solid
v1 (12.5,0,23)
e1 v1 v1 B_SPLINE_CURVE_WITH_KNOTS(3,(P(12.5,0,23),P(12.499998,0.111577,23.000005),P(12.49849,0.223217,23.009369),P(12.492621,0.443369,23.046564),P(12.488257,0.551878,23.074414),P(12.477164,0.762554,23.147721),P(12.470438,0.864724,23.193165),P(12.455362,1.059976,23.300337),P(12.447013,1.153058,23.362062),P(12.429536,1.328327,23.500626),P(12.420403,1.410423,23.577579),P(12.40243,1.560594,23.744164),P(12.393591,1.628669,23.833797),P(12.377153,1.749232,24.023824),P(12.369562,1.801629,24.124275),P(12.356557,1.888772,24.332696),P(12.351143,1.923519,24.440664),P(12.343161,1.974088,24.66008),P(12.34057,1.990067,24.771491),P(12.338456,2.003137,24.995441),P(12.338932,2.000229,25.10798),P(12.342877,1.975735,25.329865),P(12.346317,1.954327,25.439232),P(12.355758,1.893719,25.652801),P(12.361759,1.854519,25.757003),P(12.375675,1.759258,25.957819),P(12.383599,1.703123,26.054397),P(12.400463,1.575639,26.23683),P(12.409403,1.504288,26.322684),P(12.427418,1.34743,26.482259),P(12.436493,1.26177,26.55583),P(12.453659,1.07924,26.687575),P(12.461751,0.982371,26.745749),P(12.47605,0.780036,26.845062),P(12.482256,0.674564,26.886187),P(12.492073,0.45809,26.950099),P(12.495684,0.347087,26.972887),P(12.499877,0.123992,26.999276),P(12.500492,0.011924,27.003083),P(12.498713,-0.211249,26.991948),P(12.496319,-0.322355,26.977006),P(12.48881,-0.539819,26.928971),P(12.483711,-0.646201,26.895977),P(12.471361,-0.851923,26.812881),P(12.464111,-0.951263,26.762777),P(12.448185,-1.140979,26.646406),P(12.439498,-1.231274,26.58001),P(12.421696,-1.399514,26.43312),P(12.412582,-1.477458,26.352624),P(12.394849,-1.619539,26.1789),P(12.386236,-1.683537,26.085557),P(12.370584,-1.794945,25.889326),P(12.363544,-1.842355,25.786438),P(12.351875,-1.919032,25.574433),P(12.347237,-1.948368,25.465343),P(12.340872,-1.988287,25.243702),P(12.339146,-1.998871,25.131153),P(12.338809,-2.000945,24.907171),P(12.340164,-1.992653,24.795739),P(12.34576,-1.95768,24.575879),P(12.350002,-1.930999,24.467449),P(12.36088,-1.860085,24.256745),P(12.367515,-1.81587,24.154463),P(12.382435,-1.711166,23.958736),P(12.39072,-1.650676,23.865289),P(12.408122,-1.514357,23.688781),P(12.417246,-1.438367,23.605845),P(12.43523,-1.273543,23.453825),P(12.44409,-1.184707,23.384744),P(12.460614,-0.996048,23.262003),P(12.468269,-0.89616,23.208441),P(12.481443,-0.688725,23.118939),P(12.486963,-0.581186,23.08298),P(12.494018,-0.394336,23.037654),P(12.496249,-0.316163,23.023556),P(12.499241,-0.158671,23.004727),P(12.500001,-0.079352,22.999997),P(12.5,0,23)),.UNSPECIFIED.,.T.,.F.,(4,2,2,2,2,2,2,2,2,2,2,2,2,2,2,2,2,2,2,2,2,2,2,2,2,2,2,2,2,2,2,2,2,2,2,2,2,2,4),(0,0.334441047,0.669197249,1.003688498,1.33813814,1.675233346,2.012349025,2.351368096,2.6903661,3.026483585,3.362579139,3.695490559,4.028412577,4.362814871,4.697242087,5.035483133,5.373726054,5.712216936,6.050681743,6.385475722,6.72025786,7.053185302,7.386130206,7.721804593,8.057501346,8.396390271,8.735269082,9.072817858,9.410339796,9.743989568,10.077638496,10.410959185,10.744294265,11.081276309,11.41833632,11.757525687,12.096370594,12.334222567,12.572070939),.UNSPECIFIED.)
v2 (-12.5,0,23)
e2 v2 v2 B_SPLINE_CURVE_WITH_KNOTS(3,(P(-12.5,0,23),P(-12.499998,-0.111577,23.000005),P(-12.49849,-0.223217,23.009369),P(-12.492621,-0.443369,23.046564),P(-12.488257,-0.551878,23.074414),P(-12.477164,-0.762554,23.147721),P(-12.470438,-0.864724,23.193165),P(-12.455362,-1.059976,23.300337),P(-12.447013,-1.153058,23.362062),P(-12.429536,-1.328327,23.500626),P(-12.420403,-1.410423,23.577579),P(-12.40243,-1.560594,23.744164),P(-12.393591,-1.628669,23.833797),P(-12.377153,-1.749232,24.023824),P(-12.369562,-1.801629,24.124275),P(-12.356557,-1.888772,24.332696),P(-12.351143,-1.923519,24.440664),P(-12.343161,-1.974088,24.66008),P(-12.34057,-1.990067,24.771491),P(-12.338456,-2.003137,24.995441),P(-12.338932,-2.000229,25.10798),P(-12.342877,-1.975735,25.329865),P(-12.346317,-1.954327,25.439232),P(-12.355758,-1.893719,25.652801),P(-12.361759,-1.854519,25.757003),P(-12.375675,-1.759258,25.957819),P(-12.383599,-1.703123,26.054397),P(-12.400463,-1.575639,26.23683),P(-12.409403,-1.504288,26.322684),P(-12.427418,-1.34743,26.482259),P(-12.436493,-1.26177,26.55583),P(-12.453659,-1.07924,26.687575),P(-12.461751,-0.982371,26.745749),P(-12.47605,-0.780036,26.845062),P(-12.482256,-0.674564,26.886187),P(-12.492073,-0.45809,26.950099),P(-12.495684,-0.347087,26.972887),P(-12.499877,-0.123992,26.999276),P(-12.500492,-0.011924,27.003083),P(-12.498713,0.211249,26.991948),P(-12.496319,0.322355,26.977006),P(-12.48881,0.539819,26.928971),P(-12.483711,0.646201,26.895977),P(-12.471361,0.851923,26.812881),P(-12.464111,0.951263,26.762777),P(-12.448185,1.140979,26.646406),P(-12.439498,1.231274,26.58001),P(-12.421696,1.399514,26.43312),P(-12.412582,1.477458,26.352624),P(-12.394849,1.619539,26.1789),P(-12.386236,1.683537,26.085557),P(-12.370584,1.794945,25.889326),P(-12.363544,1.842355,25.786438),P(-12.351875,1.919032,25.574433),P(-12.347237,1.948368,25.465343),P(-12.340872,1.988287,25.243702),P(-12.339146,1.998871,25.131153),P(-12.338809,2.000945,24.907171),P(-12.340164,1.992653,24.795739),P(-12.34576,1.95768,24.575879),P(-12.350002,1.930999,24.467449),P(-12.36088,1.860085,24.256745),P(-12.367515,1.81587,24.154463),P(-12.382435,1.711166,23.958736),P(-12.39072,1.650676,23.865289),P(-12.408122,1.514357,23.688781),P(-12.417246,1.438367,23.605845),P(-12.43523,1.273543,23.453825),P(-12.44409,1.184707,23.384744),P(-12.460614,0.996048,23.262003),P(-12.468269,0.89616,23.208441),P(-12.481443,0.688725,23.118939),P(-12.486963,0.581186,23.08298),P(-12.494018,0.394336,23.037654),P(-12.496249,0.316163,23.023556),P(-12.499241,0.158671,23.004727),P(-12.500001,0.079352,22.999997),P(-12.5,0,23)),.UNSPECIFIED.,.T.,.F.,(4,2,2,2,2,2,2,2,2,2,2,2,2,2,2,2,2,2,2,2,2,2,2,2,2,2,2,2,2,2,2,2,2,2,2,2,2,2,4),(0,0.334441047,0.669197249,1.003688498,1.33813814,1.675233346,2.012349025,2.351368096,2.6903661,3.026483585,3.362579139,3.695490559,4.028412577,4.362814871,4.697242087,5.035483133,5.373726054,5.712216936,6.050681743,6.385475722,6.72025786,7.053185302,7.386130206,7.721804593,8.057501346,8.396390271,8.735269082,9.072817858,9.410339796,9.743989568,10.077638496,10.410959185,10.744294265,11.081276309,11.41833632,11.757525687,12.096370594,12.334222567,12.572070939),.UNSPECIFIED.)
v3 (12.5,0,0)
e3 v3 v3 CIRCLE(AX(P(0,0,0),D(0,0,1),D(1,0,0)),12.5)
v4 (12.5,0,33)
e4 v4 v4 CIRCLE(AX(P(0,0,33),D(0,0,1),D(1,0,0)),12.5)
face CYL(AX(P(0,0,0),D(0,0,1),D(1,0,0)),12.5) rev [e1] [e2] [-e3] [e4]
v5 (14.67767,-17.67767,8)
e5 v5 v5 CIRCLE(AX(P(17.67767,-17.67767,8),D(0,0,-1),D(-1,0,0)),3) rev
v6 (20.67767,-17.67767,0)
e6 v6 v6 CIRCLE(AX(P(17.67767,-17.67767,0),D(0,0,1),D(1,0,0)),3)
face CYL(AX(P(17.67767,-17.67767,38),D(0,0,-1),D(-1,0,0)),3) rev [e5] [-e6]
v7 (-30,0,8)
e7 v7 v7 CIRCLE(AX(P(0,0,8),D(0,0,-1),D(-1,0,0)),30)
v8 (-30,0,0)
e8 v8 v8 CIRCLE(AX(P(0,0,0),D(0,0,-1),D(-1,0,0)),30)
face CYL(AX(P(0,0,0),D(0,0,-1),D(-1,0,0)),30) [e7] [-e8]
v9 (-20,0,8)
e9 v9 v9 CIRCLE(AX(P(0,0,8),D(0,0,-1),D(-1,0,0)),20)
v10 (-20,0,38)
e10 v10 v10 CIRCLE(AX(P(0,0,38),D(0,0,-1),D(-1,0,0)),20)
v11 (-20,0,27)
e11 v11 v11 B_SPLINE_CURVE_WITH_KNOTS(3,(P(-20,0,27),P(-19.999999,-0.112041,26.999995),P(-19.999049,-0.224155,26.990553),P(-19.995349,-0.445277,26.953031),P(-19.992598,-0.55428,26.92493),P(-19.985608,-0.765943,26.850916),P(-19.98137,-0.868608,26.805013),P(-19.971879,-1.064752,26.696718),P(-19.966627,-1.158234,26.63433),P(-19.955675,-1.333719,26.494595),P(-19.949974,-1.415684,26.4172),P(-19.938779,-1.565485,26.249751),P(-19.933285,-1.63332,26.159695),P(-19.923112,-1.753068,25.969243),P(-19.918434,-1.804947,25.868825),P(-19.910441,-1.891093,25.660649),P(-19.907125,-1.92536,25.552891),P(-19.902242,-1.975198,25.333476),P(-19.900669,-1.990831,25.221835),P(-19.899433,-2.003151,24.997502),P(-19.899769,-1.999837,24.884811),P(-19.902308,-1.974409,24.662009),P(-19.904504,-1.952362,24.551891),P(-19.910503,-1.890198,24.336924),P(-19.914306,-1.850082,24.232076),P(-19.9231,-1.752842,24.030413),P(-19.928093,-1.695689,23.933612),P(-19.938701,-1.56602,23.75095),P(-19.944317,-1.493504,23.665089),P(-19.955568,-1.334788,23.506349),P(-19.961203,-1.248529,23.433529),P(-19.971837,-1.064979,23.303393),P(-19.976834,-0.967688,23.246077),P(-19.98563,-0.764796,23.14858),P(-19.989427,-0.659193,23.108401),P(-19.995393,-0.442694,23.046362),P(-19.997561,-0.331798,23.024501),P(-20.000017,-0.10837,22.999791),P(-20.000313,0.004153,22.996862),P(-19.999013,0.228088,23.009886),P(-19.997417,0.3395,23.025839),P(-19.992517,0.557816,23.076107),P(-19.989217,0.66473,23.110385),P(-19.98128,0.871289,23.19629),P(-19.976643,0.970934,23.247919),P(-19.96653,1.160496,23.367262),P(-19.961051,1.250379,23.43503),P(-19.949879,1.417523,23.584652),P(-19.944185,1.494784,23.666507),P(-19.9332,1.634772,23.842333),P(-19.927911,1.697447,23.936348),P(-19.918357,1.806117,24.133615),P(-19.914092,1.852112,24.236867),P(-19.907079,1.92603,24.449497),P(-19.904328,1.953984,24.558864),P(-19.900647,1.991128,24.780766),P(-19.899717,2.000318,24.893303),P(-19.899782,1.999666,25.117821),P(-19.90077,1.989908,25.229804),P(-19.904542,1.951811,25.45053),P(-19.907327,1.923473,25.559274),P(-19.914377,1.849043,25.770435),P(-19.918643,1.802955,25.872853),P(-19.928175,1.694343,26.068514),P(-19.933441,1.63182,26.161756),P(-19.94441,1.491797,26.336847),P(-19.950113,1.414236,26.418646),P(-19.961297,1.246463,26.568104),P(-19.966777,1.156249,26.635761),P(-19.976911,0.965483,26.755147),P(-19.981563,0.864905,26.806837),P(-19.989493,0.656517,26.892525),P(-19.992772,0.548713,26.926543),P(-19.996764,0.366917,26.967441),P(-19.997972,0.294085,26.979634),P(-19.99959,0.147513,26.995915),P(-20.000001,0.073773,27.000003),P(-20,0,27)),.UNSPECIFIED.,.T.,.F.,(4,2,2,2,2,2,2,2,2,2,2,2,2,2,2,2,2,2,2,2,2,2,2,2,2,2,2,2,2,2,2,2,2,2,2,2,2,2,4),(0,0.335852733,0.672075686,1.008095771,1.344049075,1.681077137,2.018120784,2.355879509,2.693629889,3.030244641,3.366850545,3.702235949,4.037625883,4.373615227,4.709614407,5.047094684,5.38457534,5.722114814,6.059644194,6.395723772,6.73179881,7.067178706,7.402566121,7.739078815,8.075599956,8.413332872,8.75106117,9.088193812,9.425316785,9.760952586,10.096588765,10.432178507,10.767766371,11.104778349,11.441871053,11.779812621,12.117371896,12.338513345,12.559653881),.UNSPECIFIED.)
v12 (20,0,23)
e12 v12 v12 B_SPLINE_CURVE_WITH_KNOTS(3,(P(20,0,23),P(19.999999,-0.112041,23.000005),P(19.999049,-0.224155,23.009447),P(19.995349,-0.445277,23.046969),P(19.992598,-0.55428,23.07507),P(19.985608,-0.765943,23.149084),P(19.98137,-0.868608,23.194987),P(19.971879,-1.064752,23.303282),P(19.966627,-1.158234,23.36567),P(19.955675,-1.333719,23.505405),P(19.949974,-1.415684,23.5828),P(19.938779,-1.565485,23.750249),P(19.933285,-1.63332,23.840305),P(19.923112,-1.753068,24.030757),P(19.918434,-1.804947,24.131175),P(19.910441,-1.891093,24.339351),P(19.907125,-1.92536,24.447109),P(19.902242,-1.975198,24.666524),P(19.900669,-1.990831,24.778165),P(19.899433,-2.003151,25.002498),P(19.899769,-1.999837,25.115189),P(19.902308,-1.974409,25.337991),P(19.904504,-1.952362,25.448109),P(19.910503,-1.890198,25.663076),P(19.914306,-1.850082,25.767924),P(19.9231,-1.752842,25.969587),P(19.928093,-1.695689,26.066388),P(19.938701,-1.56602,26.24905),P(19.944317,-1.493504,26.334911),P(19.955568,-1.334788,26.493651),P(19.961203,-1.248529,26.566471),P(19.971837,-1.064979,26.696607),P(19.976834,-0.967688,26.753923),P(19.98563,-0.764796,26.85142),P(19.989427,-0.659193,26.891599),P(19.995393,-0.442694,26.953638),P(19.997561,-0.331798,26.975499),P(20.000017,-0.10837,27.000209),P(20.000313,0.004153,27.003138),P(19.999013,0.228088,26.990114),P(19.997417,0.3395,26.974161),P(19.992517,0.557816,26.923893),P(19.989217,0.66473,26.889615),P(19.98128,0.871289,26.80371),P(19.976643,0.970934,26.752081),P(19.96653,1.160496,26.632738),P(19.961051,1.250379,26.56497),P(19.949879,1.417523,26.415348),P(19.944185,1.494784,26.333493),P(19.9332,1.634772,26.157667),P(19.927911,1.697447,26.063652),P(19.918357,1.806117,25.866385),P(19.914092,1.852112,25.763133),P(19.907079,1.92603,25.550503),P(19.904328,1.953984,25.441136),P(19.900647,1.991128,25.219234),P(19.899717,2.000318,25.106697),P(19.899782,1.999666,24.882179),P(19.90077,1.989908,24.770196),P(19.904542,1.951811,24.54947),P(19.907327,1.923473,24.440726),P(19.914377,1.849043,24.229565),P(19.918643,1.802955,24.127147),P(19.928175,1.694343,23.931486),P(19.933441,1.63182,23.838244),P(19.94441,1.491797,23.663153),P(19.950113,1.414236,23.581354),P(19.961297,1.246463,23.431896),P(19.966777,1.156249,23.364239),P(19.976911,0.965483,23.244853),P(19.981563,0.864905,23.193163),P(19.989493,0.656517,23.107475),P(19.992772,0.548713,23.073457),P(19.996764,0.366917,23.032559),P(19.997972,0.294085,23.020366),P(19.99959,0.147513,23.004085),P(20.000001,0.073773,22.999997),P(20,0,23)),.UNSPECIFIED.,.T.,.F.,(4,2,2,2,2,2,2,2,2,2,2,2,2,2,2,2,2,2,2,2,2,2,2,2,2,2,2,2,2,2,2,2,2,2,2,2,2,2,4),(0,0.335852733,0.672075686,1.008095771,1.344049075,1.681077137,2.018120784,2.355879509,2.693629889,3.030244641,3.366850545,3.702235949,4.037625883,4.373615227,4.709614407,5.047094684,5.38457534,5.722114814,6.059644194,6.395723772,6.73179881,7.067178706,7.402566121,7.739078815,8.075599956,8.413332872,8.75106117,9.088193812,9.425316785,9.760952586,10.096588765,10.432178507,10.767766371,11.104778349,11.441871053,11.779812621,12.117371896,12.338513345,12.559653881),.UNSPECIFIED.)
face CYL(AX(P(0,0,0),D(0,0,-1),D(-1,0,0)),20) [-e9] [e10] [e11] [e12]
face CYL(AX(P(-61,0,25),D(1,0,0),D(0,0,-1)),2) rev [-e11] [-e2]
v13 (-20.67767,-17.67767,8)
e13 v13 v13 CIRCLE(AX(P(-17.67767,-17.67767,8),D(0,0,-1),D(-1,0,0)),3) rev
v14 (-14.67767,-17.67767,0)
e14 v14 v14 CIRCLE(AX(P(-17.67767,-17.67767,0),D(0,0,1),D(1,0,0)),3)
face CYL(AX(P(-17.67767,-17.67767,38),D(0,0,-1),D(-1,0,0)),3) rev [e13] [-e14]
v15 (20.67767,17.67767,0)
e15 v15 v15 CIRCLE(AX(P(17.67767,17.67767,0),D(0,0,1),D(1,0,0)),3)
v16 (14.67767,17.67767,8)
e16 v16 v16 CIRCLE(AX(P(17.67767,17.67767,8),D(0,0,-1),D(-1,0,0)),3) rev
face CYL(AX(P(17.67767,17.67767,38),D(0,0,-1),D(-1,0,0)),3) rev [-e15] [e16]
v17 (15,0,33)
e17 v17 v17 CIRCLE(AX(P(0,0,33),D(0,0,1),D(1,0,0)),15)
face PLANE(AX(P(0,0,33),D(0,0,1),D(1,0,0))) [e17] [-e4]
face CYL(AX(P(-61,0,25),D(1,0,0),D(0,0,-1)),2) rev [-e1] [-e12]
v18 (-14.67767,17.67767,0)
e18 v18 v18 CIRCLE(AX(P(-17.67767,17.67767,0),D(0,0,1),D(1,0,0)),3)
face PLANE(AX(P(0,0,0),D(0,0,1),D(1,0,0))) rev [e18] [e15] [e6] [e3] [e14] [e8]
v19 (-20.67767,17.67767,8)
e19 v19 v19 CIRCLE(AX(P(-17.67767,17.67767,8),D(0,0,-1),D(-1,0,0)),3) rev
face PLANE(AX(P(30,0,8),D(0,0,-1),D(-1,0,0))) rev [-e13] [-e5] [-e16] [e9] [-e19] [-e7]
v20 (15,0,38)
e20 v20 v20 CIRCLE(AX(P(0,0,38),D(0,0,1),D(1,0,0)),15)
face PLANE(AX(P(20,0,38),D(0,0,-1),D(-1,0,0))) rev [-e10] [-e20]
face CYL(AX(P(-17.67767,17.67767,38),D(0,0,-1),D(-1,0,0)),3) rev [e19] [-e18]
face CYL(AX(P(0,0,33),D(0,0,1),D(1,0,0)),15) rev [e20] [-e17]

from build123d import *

# Parameters (mm, degrees)
SKETCH_2_R          = 15
CUT_EXTRUDE_1_DEPTH = 5
SKETCH_3_R          = 12.5
CUT_EXTRUDE_2_DEPTH = 57.956123464
SKETCH_5_R          = 3
CUT_EXTRUDE_5_DEPTH = 57.956123464
SKETCH_6_R          = 2
CUT_EXTRUDE_6_DEPTH = 61


with BuildPart() as part:
    # 草图1 → 旋转1 (revolve)
    with BuildSketch(Plane(origin=(0, 0, 0), x_dir=(1, 0, 0), z_dir=(0, 1, 0)), mode=Mode.PRIVATE) as revolve_1_sk:
        Polygon((0, 0), (30, 0), (30, -8), (20, -8), (20, -38), (0, -38), align=None)
    revolve(revolve_1_sk.sketch.rotate(Axis((0, 0, 0), (0, 0, 1)), 180), axis=Axis((0, 0, 0), (0, 0, 1)))

    # 草图2 → 切除-拉伸1 (cut)
    with BuildSketch(Plane.XY.offset(38)):
        Circle(SKETCH_2_R)
    extrude(amount=-CUT_EXTRUDE_1_DEPTH, mode=Mode.SUBTRACT)

    # 草图3 → 切除-拉伸2 (cut, through all)
    with BuildSketch(Plane.XY.offset(38)):
        Circle(SKETCH_3_R)
    extrude(amount=-CUT_EXTRUDE_2_DEPTH, mode=Mode.SUBTRACT)

    # 草图5 → 切除-拉伸5 (cut, through all)
    with BuildSketch(Plane.XY):
        with Locations(Location((17.67767, 17.67767, 0), (0, 0, 180))):
            Circle(SKETCH_5_R)
        with Locations(Location((-17.67767, 17.67767, 0), (0, 0, 180))):
            Circle(SKETCH_5_R)
        with Locations(Location((-17.67767, -17.67767, 0), (0, 0, 180))):
            Circle(SKETCH_5_R)
        with Locations(Location((17.67767, -17.67767, 0), (0, 0, 180))):
            Circle(SKETCH_5_R)
    extrude(amount=CUT_EXTRUDE_5_DEPTH, mode=Mode.SUBTRACT)

    # 草图6 → 切除-拉伸6 (cut, symmetric)
    with BuildSketch(Plane(origin=(0, 0, 0), x_dir=(0, 0, -1), z_dir=(1, 0, 0))):
        with Locations((-25, 0)):
            Circle(SKETCH_6_R)
    extrude(amount=CUT_EXTRUDE_6_DEPTH, both=True, mode=Mode.SUBTRACT)


solid = part.part
